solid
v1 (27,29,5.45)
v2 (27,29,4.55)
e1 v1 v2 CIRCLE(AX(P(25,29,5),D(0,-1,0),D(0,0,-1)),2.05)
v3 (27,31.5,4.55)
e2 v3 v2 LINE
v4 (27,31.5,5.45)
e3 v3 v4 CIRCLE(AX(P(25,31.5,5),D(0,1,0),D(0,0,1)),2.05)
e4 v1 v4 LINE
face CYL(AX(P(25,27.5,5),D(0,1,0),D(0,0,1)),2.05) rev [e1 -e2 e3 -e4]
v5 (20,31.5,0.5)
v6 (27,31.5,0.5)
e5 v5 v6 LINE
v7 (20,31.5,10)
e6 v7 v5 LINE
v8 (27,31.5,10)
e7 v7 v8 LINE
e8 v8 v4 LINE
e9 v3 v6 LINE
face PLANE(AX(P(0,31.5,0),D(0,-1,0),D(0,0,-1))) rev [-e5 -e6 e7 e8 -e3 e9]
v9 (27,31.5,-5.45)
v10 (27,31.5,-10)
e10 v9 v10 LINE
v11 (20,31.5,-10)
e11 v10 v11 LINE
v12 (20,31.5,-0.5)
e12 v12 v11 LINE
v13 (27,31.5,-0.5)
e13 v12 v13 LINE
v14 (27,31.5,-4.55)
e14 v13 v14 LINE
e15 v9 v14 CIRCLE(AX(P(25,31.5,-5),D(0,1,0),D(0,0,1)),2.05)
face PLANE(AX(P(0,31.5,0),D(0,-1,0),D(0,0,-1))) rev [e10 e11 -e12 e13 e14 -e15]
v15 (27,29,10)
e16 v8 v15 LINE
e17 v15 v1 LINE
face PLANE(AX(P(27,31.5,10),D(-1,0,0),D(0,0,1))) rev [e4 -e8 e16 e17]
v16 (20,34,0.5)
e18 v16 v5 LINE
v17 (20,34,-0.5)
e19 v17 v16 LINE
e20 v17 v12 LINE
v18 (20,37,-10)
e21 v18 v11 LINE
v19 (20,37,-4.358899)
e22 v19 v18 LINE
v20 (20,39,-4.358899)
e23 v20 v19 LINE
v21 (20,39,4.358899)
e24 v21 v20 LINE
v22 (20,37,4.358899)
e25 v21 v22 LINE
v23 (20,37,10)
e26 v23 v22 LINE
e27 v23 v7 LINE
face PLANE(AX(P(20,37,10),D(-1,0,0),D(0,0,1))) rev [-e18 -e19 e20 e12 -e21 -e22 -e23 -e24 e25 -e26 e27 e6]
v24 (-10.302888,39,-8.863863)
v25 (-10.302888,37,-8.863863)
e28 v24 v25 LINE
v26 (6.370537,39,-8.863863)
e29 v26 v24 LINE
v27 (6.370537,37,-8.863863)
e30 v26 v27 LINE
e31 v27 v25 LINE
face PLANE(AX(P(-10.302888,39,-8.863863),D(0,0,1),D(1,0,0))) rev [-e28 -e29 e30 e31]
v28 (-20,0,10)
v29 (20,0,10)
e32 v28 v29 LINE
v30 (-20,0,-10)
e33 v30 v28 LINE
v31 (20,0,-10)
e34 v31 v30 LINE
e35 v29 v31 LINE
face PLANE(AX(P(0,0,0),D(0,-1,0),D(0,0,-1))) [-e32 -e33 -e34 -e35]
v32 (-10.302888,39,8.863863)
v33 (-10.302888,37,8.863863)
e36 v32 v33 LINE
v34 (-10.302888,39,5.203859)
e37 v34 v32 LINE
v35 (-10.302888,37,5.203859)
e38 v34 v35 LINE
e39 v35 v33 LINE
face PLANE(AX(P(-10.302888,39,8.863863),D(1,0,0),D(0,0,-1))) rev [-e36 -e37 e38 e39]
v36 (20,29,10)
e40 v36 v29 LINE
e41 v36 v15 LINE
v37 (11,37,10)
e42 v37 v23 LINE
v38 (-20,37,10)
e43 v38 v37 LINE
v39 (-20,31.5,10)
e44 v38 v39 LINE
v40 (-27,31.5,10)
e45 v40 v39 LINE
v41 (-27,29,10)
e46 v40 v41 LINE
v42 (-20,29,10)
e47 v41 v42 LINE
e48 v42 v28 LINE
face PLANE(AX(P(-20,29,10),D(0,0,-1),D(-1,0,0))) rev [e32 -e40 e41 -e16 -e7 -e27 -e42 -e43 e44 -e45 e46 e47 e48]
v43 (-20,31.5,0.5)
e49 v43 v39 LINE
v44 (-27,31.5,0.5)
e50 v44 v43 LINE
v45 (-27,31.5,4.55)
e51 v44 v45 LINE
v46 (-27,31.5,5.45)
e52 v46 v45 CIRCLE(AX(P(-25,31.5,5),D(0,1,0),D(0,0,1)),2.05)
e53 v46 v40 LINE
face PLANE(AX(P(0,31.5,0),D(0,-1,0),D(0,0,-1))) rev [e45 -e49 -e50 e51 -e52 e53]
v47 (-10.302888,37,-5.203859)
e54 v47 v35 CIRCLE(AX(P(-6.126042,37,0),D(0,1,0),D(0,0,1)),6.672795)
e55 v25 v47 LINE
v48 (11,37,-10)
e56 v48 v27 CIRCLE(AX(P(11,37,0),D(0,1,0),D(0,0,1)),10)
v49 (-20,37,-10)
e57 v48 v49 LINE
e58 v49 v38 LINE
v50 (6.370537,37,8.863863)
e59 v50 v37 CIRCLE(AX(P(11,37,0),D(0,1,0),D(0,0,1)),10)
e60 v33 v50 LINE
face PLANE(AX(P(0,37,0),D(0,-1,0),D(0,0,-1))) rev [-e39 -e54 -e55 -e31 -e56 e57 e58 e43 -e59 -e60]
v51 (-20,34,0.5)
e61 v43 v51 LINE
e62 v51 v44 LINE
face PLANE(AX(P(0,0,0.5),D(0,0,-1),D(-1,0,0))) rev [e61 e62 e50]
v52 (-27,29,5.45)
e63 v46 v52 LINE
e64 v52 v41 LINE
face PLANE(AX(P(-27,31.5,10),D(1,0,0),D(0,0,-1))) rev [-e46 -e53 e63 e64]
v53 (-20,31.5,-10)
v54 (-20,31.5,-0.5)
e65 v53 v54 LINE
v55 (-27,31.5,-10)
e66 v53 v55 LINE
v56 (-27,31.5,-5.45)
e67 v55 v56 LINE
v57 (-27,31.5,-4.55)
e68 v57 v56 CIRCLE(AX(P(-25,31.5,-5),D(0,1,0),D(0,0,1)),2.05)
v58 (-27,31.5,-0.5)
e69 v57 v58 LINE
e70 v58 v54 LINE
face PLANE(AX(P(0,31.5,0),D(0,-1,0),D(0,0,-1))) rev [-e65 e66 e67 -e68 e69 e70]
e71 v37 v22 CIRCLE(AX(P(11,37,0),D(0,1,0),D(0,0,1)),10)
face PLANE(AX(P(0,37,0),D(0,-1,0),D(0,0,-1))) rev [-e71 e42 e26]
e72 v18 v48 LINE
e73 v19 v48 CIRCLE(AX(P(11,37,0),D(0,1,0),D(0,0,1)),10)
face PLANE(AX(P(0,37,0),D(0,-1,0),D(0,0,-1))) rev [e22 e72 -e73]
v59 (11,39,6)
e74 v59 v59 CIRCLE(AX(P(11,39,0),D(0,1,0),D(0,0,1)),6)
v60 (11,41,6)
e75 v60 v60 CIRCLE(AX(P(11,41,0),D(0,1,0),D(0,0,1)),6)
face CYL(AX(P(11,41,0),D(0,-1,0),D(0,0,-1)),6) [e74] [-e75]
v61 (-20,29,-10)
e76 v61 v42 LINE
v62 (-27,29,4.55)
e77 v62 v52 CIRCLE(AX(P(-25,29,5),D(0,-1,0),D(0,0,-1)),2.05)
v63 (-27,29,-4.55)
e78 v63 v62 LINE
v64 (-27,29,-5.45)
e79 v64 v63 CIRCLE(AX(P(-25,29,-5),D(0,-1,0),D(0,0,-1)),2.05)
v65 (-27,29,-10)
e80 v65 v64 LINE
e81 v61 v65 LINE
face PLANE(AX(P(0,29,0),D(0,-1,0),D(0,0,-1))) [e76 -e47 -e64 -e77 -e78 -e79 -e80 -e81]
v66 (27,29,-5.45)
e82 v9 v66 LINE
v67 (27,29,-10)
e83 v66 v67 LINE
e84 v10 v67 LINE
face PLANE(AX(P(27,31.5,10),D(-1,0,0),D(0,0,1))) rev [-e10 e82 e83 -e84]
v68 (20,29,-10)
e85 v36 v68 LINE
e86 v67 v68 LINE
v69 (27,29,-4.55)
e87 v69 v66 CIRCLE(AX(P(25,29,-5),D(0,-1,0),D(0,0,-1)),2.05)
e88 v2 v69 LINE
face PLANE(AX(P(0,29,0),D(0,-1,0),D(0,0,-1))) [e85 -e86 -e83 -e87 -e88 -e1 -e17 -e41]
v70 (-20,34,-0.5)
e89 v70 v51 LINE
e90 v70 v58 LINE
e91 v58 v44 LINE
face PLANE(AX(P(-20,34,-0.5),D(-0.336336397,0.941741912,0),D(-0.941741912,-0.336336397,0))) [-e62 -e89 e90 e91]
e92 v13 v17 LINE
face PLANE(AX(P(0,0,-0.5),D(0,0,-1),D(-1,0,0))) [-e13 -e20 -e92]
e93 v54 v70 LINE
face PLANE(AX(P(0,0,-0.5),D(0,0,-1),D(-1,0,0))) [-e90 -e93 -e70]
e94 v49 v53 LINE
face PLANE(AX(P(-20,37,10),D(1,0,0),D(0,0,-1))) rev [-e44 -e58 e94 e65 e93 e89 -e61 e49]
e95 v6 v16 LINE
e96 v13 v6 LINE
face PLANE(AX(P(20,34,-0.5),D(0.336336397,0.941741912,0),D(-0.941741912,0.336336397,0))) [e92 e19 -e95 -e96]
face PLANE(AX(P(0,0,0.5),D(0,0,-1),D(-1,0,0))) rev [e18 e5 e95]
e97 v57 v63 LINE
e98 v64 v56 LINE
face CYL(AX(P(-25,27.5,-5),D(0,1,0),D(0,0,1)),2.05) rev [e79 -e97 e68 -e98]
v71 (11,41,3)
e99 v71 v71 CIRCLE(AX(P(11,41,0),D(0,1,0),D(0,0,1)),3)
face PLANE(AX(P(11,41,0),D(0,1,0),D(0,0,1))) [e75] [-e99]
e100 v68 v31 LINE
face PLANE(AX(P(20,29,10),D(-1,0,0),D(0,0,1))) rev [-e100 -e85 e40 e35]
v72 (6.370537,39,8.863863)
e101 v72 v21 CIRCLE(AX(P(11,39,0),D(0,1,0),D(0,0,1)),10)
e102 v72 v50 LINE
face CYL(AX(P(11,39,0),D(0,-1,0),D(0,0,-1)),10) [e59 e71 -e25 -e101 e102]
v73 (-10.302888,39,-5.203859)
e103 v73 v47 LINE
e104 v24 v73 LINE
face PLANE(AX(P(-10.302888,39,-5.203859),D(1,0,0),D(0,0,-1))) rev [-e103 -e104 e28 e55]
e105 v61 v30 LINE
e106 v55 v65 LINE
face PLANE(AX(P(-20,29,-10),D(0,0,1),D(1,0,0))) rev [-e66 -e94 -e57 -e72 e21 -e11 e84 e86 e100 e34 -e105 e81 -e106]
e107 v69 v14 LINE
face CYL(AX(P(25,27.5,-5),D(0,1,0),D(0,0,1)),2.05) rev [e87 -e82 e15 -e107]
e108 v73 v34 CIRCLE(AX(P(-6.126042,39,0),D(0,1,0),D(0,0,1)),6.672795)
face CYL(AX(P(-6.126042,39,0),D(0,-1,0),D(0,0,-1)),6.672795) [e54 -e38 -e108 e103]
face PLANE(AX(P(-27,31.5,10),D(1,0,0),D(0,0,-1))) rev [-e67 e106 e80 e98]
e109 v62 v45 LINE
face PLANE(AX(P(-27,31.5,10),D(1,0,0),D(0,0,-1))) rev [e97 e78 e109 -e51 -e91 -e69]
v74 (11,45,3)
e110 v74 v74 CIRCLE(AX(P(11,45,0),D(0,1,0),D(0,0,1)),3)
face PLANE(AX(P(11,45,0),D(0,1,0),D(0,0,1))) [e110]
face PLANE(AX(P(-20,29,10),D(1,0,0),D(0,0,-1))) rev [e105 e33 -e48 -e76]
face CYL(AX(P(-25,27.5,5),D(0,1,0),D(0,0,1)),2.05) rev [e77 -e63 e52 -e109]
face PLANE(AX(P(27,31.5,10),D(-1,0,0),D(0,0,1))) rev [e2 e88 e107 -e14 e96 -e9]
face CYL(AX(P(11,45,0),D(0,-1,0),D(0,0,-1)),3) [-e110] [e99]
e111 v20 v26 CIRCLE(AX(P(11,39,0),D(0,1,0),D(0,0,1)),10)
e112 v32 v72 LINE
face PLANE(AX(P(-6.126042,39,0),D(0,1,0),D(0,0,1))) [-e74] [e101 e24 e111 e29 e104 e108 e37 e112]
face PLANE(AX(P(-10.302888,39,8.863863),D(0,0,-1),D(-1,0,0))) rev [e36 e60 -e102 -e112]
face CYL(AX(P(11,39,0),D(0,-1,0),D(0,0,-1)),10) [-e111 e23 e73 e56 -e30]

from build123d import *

# Parameters (mm, degrees)
SKETCH1_W                = 40
SKETCH1_H                = 20
BOSS_EXTRUDE1_DEPTH      = 29
SKETCH2_W                = 54
SKETCH2_H                = 20
BOSS_EXTRUDE2_DEPTH      = 2.5
SKETCH3_W                = 40
SKETCH3_H                = 20
BOSS_EXTRUDE3_DEPTH      = 5.5
BOSS_EXTRUDE4_DEPTH      = 2
SKETCH5_R                = 6
BOSS_EXTRUDE5_DEPTH      = 2
SKETCH6_R                = 3
BOSS_EXTRUDE6_DEPTH      = 4
SKETCH7_R                = 2.05
CUT_EXTRUDE2_DEPTH       = 4
BOSS_EXTRUDE8_DEPTH      = 0.5
BOSS_EXTRUDE8_DEPTH_BACK = 0.5


with BuildPart() as part:
    # Sketch1 → Boss-Extrude1 (new body)
    with BuildSketch(Plane(origin=(0, 0, 0), x_dir=(1, 0, 0), z_dir=(0, 1, 0))):
        Rectangle(SKETCH1_W, SKETCH1_H)
    extrude(amount=BOSS_EXTRUDE1_DEPTH)

    # Sketch2 → Boss-Extrude2 (add)
    with BuildSketch(Plane(origin=(0, 29, 0), x_dir=(1, 0, 0), z_dir=(0, 1, 0))):
        Rectangle(SKETCH2_W, SKETCH2_H)
    extrude(amount=BOSS_EXTRUDE2_DEPTH)

    # Sketch3 → Boss-Extrude3 (add)
    with BuildSketch(Plane(origin=(0, 31.5, 0), x_dir=(1, 0, 0), z_dir=(0, 1, 0))):
        Rectangle(SKETCH3_W, SKETCH3_H)
    extrude(amount=BOSS_EXTRUDE3_DEPTH)

    # Sketch4 → Boss-Extrude4 (add)
    with BuildSketch(Plane(origin=(0, 37, 0), x_dir=(1, 0, 0), z_dir=(0, 1, 0))):
        with BuildLine():
            Line((-10.302888497, 5.203858548), (-10.302888497, 8.863863335))
            Line((-10.302888497, 8.863863335), (6.370537096, 8.863863335))
            ThreePointArc((6.370537096, 8.863863335), (14.138323544, 9.494784112), (20, 4.358898944))
            Line((20, 4.358898944), (20, -4.358898944))
            ThreePointArc((20, -4.358898944), (14.138323544, -9.494784112), (6.370537096, -8.863863335))
            Line((6.370537096, -8.863863335), (-10.302888497, -8.863863335))
            Line((-10.302888497, -8.863863335), (-10.302888497, -5.203858548))
            ThreePointArc((-10.302888497, -5.203858548), (-12.798836729, 0), (-10.302888497, 5.203858548))
        make_face()
    extrude(amount=BOSS_EXTRUDE4_DEPTH)

    # Sketch5 → Boss-Extrude5 (add)
    with BuildSketch(Plane(origin=(0, 39, 0), x_dir=(1, 0, 0), z_dir=(0, 1, 0))):
        with Locations((11, 0)):
            Circle(SKETCH5_R)
    extrude(amount=BOSS_EXTRUDE5_DEPTH)

    # Sketch6 → Boss-Extrude6 (add)
    with BuildSketch(Plane(origin=(0, 41, 0), x_dir=(1, 0, 0), z_dir=(0, 1, 0))):
        with Locations((11, 0)):
            Circle(SKETCH6_R)
    extrude(amount=BOSS_EXTRUDE6_DEPTH)

    # Sketch7 → Cut-Extrude2 (cut)
    with BuildSketch(Plane(origin=(0, 31.5, 0), x_dir=(1, 0, 0), z_dir=(0, 1, 0))):
        with Locations((-25, 5)):
            Circle(SKETCH7_R)
        with Locations((-25, -5)):
            Circle(SKETCH7_R)
        with Locations((25, 5)):
            Circle(SKETCH7_R)
        with Locations((25, -5)):
            Circle(SKETCH7_R)
    extrude(amount=-CUT_EXTRUDE2_DEPTH, mode=Mode.SUBTRACT)

    # Sketch8 → Boss-Extrude8 (add, two sides)
    with BuildSketch(Plane.XY) as boss_extrude8_sk:
        Polygon((-20, 34), (-27, 31.5), (-20, 31.5), align=None)
        Polygon((20, 31.5), (20, 34), (27, 31.5), align=None)
    extrude(amount=BOSS_EXTRUDE8_DEPTH)
    extrude(boss_extrude8_sk.sketch, amount=-BOSS_EXTRUDE8_DEPTH_BACK)


solid = part.part
